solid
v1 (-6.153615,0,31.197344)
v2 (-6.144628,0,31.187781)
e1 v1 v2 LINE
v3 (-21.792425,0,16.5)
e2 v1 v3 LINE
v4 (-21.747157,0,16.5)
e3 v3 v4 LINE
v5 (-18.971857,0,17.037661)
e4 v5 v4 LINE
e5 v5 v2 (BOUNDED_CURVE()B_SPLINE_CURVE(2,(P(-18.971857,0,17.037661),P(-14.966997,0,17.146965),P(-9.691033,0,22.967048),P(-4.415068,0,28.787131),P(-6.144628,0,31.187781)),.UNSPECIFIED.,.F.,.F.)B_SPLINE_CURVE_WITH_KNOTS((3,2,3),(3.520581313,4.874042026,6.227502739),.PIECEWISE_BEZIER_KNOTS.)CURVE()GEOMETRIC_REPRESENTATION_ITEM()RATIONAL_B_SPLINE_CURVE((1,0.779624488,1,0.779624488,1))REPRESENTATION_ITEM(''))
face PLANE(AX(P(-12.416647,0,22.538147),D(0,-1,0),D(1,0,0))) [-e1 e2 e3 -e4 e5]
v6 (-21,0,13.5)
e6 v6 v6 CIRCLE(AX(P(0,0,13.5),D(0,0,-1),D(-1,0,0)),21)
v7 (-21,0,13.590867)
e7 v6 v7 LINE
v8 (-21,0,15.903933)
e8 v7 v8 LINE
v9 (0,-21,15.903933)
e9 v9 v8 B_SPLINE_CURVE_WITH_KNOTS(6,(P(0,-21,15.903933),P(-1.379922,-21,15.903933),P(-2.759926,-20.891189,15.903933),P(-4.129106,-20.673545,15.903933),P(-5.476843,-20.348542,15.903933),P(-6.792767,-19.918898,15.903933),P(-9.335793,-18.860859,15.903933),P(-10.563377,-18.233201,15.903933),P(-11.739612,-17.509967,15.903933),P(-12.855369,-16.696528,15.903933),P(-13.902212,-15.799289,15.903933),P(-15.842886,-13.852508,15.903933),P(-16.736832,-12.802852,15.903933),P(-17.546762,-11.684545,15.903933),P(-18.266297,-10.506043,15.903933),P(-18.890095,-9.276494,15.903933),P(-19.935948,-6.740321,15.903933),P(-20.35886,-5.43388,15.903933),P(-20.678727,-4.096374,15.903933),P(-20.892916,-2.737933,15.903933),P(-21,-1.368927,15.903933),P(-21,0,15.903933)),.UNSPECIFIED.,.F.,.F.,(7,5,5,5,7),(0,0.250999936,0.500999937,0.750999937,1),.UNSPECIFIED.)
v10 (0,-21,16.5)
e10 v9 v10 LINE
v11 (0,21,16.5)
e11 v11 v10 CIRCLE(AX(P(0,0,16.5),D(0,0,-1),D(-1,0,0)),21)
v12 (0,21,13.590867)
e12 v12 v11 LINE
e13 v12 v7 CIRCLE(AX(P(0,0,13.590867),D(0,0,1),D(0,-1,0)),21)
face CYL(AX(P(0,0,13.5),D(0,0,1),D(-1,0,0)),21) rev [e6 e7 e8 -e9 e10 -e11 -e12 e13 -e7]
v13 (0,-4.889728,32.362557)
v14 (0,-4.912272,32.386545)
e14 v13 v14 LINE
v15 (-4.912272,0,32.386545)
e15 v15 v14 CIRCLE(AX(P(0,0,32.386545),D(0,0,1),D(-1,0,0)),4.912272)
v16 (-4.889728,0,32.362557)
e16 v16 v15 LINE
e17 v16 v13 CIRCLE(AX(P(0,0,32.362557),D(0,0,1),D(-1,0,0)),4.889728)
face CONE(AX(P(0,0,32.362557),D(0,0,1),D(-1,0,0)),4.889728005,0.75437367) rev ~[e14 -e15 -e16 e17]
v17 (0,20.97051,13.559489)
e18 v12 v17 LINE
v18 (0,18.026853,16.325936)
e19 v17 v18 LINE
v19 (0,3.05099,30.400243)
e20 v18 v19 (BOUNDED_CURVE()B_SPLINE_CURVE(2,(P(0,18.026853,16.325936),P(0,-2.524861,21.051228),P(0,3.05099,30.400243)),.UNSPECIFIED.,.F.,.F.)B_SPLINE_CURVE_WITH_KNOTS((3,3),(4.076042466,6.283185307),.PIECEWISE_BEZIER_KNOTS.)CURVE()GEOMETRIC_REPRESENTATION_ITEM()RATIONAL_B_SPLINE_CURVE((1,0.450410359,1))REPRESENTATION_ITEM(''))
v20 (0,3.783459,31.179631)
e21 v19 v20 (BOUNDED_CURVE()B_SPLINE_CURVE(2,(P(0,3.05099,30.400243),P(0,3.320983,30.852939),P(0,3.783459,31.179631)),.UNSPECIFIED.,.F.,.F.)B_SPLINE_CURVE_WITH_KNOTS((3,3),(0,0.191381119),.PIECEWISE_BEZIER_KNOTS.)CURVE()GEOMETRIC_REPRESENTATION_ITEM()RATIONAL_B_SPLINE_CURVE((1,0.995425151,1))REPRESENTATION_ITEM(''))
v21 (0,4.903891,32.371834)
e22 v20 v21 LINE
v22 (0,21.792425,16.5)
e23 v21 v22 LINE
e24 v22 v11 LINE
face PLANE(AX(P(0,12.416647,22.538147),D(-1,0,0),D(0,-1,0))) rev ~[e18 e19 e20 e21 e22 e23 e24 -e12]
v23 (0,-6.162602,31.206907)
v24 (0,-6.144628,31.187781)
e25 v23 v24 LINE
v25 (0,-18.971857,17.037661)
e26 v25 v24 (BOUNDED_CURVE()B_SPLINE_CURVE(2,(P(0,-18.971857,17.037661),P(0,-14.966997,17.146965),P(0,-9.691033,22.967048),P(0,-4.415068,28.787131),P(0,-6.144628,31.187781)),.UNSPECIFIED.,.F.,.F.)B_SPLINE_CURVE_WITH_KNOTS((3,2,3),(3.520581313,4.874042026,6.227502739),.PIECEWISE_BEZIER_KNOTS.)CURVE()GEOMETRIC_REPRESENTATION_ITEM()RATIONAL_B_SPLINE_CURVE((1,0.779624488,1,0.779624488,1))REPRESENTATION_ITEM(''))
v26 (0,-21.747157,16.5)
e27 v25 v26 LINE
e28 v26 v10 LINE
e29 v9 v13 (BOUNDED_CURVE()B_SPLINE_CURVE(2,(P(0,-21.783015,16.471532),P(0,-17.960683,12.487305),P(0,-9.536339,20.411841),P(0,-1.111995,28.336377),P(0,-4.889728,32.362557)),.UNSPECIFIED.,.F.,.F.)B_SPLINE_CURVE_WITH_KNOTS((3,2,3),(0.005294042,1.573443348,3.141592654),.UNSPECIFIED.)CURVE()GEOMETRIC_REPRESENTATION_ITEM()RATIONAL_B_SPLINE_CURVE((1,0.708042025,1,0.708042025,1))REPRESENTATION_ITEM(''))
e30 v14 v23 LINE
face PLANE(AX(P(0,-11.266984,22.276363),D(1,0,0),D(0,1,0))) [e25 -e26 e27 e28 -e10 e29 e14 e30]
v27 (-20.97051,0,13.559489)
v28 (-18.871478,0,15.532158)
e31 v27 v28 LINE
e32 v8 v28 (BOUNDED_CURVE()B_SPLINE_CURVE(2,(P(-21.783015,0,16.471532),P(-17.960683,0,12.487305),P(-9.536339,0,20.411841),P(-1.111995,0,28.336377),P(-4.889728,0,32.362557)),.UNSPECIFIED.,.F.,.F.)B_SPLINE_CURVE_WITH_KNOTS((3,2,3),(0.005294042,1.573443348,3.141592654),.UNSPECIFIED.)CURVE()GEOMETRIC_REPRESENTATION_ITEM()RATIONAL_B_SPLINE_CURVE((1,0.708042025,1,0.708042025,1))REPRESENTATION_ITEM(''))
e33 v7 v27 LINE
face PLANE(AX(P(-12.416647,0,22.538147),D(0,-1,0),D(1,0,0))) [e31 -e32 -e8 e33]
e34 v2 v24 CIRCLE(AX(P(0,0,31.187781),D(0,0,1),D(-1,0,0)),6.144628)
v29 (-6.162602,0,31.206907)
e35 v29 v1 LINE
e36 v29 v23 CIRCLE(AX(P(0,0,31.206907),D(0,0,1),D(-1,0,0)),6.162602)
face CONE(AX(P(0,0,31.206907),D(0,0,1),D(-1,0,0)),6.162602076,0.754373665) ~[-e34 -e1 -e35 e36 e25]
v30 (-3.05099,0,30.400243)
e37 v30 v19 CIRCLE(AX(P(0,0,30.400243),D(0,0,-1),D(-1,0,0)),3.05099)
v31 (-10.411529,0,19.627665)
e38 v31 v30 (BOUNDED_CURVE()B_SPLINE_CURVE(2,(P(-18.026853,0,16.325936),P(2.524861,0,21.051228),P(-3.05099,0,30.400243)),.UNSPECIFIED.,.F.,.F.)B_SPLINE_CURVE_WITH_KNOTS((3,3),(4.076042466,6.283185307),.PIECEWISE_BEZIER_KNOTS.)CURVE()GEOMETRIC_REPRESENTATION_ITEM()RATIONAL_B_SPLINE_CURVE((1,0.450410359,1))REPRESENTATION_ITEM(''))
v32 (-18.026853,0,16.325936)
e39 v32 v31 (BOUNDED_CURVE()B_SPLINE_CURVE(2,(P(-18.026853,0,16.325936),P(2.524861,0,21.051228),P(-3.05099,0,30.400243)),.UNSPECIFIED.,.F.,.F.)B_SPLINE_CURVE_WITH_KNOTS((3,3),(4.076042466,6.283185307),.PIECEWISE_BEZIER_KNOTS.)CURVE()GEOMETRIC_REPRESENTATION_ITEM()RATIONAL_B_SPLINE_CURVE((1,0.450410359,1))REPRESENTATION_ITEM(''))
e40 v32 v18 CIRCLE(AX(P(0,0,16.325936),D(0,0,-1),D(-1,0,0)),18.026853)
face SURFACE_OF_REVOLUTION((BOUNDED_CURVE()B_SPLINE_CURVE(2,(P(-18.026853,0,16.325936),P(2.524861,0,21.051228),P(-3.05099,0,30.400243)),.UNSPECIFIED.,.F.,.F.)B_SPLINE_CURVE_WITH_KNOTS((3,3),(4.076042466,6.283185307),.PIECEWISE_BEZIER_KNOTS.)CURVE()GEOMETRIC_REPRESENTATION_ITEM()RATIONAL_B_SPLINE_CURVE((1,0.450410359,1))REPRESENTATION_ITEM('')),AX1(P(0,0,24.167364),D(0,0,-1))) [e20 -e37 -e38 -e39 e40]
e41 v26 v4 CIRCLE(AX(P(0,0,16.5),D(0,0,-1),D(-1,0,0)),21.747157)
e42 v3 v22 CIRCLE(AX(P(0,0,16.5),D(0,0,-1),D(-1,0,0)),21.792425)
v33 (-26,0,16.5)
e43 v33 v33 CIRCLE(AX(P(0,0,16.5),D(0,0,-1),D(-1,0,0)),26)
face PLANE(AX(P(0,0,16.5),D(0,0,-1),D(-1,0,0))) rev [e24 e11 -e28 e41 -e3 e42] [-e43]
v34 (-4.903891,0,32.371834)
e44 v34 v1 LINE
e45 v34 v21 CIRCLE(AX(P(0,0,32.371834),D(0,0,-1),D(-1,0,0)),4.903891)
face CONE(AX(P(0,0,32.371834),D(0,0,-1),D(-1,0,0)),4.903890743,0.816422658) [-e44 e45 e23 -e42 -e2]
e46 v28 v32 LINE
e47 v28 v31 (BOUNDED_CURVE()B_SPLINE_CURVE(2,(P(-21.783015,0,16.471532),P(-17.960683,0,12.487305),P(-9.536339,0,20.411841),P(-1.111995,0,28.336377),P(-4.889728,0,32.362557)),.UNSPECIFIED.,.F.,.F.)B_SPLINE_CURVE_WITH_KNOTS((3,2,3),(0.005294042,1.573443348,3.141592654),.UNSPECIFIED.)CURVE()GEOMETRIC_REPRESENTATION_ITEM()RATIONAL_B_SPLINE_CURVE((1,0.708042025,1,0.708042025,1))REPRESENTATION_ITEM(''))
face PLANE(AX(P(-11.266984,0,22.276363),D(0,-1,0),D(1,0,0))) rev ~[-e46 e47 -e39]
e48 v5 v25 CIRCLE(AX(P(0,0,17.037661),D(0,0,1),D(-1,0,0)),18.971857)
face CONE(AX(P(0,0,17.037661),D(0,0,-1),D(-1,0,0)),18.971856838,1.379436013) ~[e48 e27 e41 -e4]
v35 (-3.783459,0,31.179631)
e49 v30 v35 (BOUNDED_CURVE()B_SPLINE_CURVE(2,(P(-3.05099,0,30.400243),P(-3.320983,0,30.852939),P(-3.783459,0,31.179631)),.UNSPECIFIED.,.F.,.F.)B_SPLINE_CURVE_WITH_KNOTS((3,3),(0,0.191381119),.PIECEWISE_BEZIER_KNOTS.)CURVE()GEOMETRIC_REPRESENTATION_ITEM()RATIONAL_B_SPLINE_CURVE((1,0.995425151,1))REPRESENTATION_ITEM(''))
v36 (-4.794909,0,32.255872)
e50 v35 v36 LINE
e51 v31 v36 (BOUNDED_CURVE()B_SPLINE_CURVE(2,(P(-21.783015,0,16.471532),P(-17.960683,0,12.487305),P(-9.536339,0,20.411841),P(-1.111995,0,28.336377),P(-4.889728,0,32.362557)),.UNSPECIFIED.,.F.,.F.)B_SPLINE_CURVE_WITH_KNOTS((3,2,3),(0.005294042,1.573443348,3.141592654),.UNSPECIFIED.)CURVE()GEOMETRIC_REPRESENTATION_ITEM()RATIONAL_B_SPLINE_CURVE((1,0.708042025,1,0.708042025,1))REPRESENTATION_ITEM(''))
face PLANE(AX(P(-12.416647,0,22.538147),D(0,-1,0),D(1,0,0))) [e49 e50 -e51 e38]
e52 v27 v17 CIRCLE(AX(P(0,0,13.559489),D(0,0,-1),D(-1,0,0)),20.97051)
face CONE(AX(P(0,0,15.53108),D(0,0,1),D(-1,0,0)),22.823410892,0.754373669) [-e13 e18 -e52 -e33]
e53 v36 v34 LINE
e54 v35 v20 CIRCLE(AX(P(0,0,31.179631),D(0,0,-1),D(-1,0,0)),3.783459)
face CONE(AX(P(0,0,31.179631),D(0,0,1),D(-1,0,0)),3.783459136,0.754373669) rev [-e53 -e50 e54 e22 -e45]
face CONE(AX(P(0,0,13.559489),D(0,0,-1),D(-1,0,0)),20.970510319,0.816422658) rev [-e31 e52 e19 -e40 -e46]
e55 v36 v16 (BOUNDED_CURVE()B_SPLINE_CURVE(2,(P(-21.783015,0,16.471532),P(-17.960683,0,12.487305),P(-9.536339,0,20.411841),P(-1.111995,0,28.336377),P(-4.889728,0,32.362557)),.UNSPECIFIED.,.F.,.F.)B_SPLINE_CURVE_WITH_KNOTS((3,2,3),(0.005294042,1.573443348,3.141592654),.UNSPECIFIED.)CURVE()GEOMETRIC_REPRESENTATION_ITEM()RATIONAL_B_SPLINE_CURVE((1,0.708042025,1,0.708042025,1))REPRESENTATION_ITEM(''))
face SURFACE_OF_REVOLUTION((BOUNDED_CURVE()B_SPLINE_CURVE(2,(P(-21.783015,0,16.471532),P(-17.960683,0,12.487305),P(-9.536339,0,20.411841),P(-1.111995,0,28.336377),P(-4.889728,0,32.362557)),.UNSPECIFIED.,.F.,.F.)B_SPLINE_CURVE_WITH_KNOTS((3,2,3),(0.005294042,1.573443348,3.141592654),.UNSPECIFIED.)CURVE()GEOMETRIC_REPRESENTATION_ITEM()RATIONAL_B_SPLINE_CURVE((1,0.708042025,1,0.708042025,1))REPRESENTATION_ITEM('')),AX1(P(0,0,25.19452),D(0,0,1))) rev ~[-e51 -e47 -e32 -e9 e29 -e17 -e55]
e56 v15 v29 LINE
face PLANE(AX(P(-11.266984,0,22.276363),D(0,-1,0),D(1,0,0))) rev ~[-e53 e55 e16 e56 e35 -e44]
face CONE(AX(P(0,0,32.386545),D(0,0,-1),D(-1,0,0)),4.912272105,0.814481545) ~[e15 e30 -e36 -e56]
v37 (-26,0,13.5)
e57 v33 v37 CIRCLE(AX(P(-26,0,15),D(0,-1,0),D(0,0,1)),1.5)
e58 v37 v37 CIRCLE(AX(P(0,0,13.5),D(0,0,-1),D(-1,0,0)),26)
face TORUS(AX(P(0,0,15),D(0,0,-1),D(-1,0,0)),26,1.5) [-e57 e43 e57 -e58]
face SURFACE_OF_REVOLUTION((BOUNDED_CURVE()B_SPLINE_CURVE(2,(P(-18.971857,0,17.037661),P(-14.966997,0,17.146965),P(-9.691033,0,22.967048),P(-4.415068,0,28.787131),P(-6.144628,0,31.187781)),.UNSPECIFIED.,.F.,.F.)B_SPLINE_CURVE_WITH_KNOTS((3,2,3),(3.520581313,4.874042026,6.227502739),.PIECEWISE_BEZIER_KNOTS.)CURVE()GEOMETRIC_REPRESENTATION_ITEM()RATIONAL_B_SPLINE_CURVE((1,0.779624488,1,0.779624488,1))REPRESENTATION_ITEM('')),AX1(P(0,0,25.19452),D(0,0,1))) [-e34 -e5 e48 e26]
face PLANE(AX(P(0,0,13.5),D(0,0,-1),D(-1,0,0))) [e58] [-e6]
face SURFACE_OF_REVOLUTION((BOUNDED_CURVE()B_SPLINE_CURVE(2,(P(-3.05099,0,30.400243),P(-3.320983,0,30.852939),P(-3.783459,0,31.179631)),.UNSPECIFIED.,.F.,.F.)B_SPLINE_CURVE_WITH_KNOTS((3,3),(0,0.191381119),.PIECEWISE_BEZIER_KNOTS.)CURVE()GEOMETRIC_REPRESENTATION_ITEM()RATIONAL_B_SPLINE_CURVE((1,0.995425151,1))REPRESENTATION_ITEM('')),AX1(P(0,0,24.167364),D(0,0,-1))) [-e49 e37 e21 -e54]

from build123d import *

# Parameters (mm, degrees)
F3_ANGLE = 90
F5_ANGLE = 90


with BuildPart() as f1:
    # F0 (on Front) → F1 (revolve)
    with BuildSketch(Plane.XZ):
        with BuildLine():
            Line((-21, 16.5), (-26, 16.5))
            ThreePointArc((-26, 16.5), (-27.5, 15), (-26, 13.5))
            Line((-26, 13.5), (-21, 13.5))
            Line((-21, 13.5), (-21, 16.5))
        make_face()
    revolve(axis=Axis((0, 0, 12.5856157392), (0, 0, -1)))

    # F2 (on Front) → F3 (revolve)
    with BuildSketch(Plane.XZ):
        with BuildLine():
            Line((-22.8234108924, 15.5310801728), (-20.9705103189, 13.5594885796))
            Line((-20.9705103189, 13.5594885796), (-18.0268532264, 16.3259357148))
            add(Edge.make_bspline(
                [(-18.0268532264, 16.3259357148), (2.5248612882, 21.0512280006), (-3.0509901699, 30.4002426565)],
                knots=[4.0760424662, 4.0760424662, 4.0760424662, 6.2831853072, 6.2831853072, 6.2831853072], degree=2, weights=[1, 0.4504103592, 1]))
            Line((-3.0509901699, 30.4002426565), (-3.7834591359, 31.1796312952))
            Line((-3.7834591359, 31.1796312952), (-4.9038907434, 32.3718342497))
            Line((-4.9038907434, 32.3718342497), (-22.8234108924, 15.5310801728))
        make_face()
        with BuildLine():
            Line((-3.7834591359, 31.1796312952), (-3.0509901699, 30.4002426565))
            add(Edge.make_bspline(
                [(-3.0509901699, 30.4002426565), (-3.3209830741, 30.8529390092), (-3.7834591359, 31.1796312952)],
                knots=[0, 0, 0, 0.1913811194, 0.1913811194, 0.1913811194], degree=2, weights=[1, 0.9954251509, 1]))
        make_face()
    revolve(axis=Axis((0, 0, 24.1673644632), (0, 0, -1)), revolution_arc=F3_ANGLE)

    # F4 (on Front) → F5 (revolve)
    with BuildSketch(Plane.XZ):
        with BuildLine():
            Line((-4.9122721049, 32.3865450188), (-6.1626020759, 31.2069066763))
            Line((-6.1626020759, 31.2069066763), (-6.1446281649, 31.1877814126))
            add(Edge.make_bspline(
                [(-18.9718568385, 17.0376612359), (-14.9669974913, 17.146964893), (-9.6910325347, 22.9670480991), (-4.4150675782, 28.7871313051), (-6.1446281649, 31.1877814126)],
                knots=[3.5205813128, 3.5205813128, 3.5205813128, 4.8740420257, 4.8740420257, 6.2275027386, 6.2275027386, 6.2275027386], degree=2, weights=[1, 0.7796244878, 1, 0.7796244878, 1]))
            Line((-18.9718568385, 17.0376612359), (-21.7830147594, 16.4930532639))
            Line((-21.7830147594, 16.4930532639), (-21.7830147594, 16.4715316409))
            add(Edge.make_bspline(
                [(-21.7830147594, 16.4715316409), (-17.9606831235, 12.4873048362), (-9.5363391364, 20.4118410334), (-1.1119951493, 28.3363772305), (-4.8897280053, 32.3625568147)],
                knots=[0.0052940421, 0.0052940421, 0.0052940421, 1.5734433479, 1.5734433479, 3.1415926536, 3.1415926536, 3.1415926536], degree=2, weights=[1, 0.7080420249, 1, 0.7080420249, 1]))
            Line((-4.8897280053, 32.3625568147), (-4.9122721049, 32.3865450188))
        make_face()
    revolve(axis=Axis((0, 0, 25.1945196651), (0, 0, 1)), revolution_arc=F5_ANGLE)


solid = f1.part
